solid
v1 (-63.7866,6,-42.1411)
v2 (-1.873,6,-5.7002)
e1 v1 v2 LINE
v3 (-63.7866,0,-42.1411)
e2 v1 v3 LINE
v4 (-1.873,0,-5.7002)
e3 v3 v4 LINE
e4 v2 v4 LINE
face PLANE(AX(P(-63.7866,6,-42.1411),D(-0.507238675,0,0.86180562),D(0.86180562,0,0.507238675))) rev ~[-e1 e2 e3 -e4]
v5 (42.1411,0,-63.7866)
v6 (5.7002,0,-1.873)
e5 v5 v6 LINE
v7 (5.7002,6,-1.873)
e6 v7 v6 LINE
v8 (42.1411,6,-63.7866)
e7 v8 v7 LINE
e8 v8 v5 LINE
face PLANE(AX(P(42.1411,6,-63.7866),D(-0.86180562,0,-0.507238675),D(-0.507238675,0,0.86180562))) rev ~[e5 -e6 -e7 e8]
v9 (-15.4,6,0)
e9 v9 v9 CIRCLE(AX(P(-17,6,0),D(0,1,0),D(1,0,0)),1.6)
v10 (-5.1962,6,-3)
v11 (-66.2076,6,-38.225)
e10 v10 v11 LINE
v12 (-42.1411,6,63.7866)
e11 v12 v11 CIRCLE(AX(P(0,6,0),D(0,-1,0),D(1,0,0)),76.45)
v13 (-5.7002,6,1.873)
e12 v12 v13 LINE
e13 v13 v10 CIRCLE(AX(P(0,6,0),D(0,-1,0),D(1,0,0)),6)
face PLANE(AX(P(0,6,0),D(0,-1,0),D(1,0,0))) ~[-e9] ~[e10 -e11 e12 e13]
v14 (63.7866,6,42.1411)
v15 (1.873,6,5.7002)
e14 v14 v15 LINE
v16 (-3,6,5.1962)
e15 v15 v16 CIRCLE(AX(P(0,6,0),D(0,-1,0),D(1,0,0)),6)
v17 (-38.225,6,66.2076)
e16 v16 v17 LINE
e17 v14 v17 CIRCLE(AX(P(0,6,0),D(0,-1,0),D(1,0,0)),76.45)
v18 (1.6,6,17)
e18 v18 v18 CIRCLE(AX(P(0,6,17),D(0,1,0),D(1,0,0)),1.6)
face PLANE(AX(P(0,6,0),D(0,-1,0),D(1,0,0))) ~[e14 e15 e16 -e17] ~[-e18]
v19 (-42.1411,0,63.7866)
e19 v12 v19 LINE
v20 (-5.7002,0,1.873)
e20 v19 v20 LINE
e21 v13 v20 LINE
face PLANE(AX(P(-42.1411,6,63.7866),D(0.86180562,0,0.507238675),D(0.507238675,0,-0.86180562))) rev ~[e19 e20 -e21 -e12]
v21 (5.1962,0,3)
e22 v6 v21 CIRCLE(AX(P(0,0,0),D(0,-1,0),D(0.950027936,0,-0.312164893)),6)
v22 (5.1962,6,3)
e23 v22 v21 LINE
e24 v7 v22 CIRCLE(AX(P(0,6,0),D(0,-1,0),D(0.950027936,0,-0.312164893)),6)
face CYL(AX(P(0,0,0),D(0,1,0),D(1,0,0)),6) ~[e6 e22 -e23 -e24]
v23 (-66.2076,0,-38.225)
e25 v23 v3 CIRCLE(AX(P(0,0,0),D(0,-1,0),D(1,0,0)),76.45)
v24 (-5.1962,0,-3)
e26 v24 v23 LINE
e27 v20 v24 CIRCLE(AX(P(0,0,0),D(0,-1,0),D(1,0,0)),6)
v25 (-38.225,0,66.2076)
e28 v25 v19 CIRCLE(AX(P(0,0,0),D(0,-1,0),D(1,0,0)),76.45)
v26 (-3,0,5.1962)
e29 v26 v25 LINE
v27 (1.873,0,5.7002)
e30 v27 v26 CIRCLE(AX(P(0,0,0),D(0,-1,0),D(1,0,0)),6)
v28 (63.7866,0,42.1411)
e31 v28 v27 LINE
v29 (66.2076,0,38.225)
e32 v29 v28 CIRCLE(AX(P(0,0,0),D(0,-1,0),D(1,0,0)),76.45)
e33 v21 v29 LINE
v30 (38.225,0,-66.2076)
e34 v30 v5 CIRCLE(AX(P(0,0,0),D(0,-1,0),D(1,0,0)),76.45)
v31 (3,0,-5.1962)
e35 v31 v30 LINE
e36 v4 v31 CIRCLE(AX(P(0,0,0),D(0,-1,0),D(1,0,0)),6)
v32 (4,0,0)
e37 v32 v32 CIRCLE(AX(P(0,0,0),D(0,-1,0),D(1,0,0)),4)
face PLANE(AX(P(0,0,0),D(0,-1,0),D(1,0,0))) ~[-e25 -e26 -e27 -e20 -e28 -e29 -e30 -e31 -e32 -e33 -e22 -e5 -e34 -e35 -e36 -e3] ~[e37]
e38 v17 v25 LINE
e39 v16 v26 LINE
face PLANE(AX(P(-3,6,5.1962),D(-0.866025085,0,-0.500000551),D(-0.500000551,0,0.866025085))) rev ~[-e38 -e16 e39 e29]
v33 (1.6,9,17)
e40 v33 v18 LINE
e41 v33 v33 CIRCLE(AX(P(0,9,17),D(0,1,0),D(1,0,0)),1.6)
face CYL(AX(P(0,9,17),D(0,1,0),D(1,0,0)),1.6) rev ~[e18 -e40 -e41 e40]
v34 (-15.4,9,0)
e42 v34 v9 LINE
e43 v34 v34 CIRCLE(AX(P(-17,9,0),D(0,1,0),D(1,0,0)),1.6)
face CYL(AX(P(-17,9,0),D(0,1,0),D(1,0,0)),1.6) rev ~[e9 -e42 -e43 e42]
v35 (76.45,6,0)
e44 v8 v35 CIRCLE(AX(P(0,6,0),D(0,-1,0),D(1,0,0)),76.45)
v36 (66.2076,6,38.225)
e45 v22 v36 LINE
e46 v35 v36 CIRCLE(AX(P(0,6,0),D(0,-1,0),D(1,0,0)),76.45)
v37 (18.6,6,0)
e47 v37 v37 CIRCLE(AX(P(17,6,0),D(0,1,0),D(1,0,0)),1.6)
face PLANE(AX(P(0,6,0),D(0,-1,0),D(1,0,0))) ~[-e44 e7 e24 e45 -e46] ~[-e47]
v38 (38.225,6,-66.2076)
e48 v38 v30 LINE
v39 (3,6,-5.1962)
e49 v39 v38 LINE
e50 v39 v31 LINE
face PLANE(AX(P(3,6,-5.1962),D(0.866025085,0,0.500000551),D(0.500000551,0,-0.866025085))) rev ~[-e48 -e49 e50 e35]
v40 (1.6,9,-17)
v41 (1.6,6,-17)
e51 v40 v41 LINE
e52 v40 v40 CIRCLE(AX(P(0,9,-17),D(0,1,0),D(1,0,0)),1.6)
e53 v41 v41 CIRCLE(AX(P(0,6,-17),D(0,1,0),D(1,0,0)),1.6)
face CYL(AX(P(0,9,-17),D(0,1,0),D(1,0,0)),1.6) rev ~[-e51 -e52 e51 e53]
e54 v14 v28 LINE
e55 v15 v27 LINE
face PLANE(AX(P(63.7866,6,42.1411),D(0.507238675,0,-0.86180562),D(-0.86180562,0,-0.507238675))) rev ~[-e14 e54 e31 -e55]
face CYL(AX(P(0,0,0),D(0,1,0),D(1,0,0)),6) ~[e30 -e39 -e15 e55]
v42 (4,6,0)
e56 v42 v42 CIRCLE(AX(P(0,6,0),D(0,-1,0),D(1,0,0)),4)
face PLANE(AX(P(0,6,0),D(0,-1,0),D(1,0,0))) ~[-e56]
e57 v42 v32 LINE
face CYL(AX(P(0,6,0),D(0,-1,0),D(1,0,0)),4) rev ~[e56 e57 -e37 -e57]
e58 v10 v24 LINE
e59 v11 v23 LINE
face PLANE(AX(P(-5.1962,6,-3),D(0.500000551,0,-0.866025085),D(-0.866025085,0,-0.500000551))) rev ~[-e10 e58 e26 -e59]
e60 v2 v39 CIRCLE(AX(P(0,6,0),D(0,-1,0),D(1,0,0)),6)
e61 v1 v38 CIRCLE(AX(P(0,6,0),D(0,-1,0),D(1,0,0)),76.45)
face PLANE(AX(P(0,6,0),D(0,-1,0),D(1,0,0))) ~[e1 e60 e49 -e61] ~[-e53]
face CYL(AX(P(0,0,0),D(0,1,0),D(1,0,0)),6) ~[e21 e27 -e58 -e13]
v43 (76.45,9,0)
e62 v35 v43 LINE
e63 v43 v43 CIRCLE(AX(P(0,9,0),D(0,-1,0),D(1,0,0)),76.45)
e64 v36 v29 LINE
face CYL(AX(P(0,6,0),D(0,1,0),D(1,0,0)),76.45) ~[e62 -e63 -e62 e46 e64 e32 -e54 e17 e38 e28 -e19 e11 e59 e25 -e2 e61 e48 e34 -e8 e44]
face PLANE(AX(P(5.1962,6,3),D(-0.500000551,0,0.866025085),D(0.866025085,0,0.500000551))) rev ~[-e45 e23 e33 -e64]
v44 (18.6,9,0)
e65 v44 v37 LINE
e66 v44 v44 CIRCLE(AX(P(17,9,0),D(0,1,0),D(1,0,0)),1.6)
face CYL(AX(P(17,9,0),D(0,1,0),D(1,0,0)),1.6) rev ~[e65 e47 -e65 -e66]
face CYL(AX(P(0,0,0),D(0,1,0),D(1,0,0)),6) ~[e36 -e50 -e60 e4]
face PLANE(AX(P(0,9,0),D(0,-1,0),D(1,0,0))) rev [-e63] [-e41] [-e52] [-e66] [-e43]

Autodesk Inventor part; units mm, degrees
ref_plane "YZ Plane" through (0, 0, 0) normal (1, 0, 0) x (0, 1, 0)
ref_plane "XZ Plane" through (0, 0, 0) normal (0, 1, 0) x (-1, 0, 0)
ref_plane "XY Plane" through (0, 0, 0) normal (0, 0, 1) x (1, 0, 0)
sketch "Sketch1" plane through (0, 0, 0) normal (0, 0, 1) x (1, 0, 0)
  line L0 (4, 0) -> (6, 0)
  line L1 (6, 0) -> (6, 6)
  line L2 (6, 6) -> (76.45, 6)
  line L3 (76.45, 6) -> (76.45, 9)
  line L4 (4, 6) -> (4, 0)
  line L5 (0, 9) -> (0, 6)
  line L6 (0, 6) -> (4, 6)
  line L7 (0, 9) -> (13.95, 9)
  line L8 (13.95, 9) -> (13.95, 9)
  line L9 (13.95, 9) -> (16.45, 9)
  line L10 (16.45, 9) -> (16.45, 9)
  line L11 (16.45, 9) -> (76.45, 9)
  point P0 (0, 0)
  dimension "d0" = 4
  dimension "d1" = 6
  dimension "d2" = 0
  dimension "d3" = 3
  dimension "d4" = 2
  dimension "d7" = 2.5
  dimension "d8" = 60
  dimension "d9" = 13.95
  dimension "d10" = 0
revolve "Revolution1" add sketch "Sketch1" angle 360 about axis through (0, 9, 0) along (0, -1, 0)
thread "Thread1" size "M8x1.25" class "6H" standard "ANSI Metric M Profile" full length
sketch "Sketch2" plane through (0, 9, 0) normal (0, 1, 0) x (1, 0, 0)
  circle A0 centre (17, 0) radius 1.6
  circle A1 centre (-17, 0) radius 1.6
  circle A2 centre (0, 17) radius 1.6
  circle A3 centre (0, -17) radius 1.6
  point P0 (0, 0)
  dimension "d14" = 3.2
  dimension "d15" = 3.2
  dimension "d16" = 3.2
  dimension "d17" = 3.2
  dimension "d18" = 34
  dimension "d19" = 17
  dimension "d20" = 34
  dimension "d21" = 17
extrude "Extrusion1" cut sketch "Sketch2" against normal through all
sketch "Sketch5" plane through (0, 6, 0) normal (0, -1, 0) x (1, 0, 0)
  circle A0 centre (0, 0) radius 76.45 projected
  circle A1 centre (0, 0) radius 6 projected
  circle A2 centre (0, 0) radius 4 projected
  line L0 (-5.1962, -3) -> (-66.2076, -38.225)
  line L1 (-63.7866, -42.1411) -> (-1.873, -5.7002)
  line L2 (42.1411, -63.7866) -> (5.7002, -1.873)
  line L3 (3, -5.1962) -> (38.225, -66.2076)
  line L4 (63.7866, 42.1411) -> (1.873, 5.7002)
  line L5 (5.1962, 3) -> (66.2076, 38.225)
  line L6 (-42.1411, 63.7866) -> (-5.7002, 1.873)
  line L7 (-3, 5.1962) -> (-38.225, 66.2076)
  arc A3 (38.225, -66.2076) -> (42.1411, -63.7866) centre (0, 0) ccw
  arc A4 (66.2076, 38.225) -> (63.7866, 42.1411) centre (0, 0) ccw
  arc A5 (-38.225, 66.2076) -> (-42.1411, 63.7866) centre (0, 0) ccw
  arc A6 (-66.2076, -38.225) -> (-63.7866, -42.1411) centre (0, 0) ccw
  arc A7 (-5.1962, -3) -> (-1.873, -5.7002) centre (0, 0) ccw
  arc A8 (-3, 5.1962) -> (-5.7002, 1.873) centre (0, 0) ccw
  arc A9 (3, -5.1962) -> (5.7002, -1.873) centre (0, 0) ccw
  arc A10 (5.1962, 3) -> (1.873, 5.7002) centre (0, 0) ccw
  point P0 (0, 0)
  point P1 (-38.225, 66.2076)
  point P2 (-42.1411, 63.7866)
  point P3 (-5.7002, 1.873)
  point P4 (5.1962, 3)
  point P5 (66.2076, 38.225)
  point P6 (63.7866, 42.1411)
  point P7 (1.873, 5.7002)
  point P8 (38.225, -66.2076)
  point P9 (42.1411, -63.7866)
  point P10 (5.7002, -1.873)
  dimension "d35" = 360
extrude "Extrusion3" add sketch "Sketch5" along normal blind 6 contours L5 A1 L4 A0 | A0 L3 A1 L2 | L7 A1 L6 A0 | A0 L0 A1 L1
properties part number "motor platform reaction wheel" material "ABS Plastic"
